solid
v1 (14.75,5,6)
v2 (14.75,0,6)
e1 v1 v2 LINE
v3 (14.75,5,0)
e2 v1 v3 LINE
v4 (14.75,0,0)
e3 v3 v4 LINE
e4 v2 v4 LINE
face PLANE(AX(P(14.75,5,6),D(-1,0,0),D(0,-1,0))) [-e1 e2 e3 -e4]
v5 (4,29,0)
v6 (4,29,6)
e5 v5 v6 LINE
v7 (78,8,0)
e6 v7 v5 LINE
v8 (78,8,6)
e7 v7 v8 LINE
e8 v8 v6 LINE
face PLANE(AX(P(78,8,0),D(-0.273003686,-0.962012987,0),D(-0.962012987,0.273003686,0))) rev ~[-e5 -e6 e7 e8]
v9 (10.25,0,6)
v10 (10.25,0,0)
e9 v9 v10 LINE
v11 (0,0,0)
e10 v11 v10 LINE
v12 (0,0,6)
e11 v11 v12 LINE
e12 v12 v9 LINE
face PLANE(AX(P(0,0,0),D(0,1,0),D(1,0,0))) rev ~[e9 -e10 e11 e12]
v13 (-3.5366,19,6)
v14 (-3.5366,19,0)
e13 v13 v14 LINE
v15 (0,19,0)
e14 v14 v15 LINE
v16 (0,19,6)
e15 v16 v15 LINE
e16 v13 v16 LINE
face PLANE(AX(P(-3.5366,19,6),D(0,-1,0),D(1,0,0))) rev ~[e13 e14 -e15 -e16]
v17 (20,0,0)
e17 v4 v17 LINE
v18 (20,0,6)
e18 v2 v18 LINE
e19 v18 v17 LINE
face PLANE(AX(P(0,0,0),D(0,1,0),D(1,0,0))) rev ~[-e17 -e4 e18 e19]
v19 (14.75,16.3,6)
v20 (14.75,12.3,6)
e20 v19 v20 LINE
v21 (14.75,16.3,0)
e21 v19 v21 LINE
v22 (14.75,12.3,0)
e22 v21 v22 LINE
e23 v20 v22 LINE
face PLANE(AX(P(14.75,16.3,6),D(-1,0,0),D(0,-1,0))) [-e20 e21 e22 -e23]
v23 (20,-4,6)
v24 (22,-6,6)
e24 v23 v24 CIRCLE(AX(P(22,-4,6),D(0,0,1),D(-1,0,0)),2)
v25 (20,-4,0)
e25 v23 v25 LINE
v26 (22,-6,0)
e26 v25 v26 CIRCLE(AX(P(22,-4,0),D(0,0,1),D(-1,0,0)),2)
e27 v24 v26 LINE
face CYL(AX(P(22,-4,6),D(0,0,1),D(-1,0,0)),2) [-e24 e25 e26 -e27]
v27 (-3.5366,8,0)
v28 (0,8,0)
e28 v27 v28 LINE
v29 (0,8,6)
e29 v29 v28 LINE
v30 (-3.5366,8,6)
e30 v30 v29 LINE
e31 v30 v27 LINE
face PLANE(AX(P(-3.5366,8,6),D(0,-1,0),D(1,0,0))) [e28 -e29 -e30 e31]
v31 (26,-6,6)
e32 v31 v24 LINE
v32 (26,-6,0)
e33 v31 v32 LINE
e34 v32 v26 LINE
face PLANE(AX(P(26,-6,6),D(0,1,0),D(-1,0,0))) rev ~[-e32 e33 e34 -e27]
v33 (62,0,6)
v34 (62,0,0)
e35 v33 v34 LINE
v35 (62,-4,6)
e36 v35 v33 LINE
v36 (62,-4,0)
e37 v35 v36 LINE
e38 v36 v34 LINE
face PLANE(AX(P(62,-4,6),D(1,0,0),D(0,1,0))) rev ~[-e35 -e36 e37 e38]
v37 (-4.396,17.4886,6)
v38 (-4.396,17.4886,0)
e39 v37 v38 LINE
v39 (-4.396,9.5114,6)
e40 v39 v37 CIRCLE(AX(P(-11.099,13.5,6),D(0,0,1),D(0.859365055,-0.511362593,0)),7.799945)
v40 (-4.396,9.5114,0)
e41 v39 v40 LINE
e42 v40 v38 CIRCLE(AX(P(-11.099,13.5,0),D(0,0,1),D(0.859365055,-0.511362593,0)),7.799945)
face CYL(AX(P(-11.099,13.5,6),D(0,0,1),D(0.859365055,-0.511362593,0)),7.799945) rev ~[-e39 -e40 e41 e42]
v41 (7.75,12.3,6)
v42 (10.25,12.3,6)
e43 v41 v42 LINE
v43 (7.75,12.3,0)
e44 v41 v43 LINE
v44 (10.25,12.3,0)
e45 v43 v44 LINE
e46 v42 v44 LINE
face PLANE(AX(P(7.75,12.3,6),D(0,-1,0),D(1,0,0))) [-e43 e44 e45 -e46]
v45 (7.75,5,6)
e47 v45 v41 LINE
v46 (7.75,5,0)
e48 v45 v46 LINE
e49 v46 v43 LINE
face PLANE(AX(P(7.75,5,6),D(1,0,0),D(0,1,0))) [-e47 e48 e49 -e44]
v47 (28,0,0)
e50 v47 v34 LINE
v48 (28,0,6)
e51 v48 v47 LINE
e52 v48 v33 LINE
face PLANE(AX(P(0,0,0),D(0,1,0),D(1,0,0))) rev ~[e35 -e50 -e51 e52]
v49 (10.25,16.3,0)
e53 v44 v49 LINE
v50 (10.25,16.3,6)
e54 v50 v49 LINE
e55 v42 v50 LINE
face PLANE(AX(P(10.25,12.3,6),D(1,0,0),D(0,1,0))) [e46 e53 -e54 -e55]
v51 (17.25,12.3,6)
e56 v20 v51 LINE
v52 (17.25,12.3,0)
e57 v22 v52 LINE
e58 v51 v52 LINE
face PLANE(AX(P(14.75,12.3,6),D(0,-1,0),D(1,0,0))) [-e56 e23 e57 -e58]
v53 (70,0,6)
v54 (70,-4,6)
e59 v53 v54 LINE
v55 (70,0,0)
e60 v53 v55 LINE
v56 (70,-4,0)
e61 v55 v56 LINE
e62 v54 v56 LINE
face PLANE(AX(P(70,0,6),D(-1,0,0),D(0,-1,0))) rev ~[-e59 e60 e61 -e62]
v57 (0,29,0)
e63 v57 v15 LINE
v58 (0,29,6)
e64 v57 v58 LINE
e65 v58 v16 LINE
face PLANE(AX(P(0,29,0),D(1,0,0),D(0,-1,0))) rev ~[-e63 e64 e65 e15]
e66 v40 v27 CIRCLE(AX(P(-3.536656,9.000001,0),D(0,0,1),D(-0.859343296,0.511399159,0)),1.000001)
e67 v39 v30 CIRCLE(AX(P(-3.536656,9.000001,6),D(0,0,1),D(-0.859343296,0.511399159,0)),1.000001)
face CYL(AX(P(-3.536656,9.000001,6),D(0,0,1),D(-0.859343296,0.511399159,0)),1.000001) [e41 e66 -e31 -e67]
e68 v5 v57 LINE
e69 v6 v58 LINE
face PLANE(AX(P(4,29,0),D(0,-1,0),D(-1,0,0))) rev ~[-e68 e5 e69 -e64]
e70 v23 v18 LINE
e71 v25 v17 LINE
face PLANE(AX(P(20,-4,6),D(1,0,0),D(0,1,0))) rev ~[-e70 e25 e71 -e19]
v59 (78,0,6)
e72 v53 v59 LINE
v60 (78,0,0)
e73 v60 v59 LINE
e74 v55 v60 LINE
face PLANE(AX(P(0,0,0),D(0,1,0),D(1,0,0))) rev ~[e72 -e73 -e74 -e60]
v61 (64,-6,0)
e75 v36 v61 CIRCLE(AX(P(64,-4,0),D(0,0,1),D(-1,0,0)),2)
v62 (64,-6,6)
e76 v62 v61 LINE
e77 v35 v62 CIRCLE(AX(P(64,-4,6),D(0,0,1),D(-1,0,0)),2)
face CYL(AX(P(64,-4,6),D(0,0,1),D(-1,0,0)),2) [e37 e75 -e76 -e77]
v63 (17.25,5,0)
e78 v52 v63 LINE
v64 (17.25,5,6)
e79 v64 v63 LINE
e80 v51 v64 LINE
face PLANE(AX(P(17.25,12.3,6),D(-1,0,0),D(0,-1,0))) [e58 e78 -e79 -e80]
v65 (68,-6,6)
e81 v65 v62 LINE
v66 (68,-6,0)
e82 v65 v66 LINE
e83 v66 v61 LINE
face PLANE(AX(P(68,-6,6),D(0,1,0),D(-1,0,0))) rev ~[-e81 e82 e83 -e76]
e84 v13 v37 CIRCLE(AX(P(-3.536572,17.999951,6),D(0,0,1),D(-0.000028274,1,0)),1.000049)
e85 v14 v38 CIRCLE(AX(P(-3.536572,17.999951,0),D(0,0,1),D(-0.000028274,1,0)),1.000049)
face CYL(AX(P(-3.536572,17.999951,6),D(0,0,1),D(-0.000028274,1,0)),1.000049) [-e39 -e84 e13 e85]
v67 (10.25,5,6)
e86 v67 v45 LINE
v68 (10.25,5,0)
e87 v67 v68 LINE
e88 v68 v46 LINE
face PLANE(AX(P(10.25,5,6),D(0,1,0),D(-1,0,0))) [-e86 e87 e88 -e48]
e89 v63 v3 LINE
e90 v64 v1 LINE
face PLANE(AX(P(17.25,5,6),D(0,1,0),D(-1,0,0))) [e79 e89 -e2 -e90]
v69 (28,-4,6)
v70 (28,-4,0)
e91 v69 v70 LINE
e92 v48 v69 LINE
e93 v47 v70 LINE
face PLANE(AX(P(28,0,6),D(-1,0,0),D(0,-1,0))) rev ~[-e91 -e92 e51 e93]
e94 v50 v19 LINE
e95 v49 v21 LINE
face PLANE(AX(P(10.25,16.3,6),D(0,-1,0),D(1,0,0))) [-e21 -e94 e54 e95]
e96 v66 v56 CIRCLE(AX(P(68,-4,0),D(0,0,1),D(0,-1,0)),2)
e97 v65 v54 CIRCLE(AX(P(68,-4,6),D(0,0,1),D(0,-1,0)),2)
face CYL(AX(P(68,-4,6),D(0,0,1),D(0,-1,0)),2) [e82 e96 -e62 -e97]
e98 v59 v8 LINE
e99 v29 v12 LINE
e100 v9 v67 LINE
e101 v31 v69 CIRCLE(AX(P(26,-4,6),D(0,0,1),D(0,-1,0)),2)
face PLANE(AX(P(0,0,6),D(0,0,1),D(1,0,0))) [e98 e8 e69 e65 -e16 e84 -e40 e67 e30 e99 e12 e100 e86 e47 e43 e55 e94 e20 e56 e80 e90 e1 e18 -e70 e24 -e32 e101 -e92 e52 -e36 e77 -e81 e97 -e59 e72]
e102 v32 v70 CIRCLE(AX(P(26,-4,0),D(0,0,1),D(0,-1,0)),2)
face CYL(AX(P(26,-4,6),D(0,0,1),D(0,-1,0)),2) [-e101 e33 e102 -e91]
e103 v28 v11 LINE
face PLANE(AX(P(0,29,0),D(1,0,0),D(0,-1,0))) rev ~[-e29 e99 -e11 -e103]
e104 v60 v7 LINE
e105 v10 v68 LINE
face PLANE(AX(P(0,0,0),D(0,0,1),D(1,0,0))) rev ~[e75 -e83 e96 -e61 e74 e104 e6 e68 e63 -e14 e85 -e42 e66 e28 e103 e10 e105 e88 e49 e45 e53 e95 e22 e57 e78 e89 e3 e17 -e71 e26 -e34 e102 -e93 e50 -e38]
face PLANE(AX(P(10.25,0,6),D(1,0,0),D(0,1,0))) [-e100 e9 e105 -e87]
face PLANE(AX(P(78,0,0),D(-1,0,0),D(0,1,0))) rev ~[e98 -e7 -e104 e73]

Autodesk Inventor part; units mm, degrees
ref_plane "YZ Plane" through (0, 0, 0) normal (1, 0, 0) x (0, 1, 0)
ref_plane "XZ Plane" through (0, 0, 0) normal (0, 1, 0) x (-1, 0, 0)
ref_plane "XY Plane" through (0, 0, 0) normal (0, 0, 1) x (1, 0, 0)
sketch "Sketch1" plane through (0, 0, 0) normal (0, 0, 1) x (1, 0, 0)
  line L0 (0, 29) -> (0, 0)
  line L1 (0, 0) -> (78, 0)
  line L2 (78, 0) -> (78, 8)
  line L3 (78, 8) -> (4, 29)
  line L4 (4, 29) -> (0, 29)
  dimension "d0" = 29
  dimension "d1" = 78
  dimension "d2" = 4
  dimension "d3" = 8
extrude "Extrusion1" add sketch "Sketch1" along normal blind 6
sketch "Sketch2" plane through (0, 0, 6) normal (0, 0, 1) x (1, 0, 0)
  line L0 (0, 29) -> (0, 0) projected
  line L1 (0, 0) -> (78, 0) projected
  line L2 (78, 0) -> (78, 8) projected
  line L3 (4, 29) -> (0, 29) projected
  circle A0 centre (-11.099, 13.5) radius 7.5 construction
  line L4 (-6, 19) -> (-6, 8) construction
  arc A1 (-4.396, 9.5114) -> (-4.396, 17.4886) centre (-11.099, 13.5) ccw
  line L5 (-3.5366, 19) -> (0, 19)
  line L6 (-3.5366, 8) -> (0, 8)
  arc A2 (-3.5366, 19) -> (-4.396, 17.4886) centre (-3.5366, 18) ccw
  arc A3 (-4.396, 9.5114) -> (-3.5366, 8) centre (-3.5366, 9) ccw
  line L7 (20, 0) -> (28, 0)
  line L8 (28, 0) -> (28, -4)
  line L9 (26, -6) -> (22, -6)
  line L10 (20, -4) -> (20, 0)
  line L11 (62, 0) -> (70, 0)
  line L12 (70, 0) -> (70, -4)
  line L13 (68, -6) -> (64, -6)
  line L14 (62, -4) -> (62, 0)
  arc A4 (20, -4) -> (22, -6) centre (22, -4) ccw
  arc A5 (26, -6) -> (28, -4) centre (26, -4) ccw
  arc A6 (62, -4) -> (64, -6) centre (64, -4) ccw
  arc A7 (68, -6) -> (70, -4) centre (68, -4) ccw
  point P0 (-5.5682, 19)
  point P1 (-5.5682, 8)
  dimension "d6" = 15
  dimension "d7" = 11
  dimension "d8" = 6
  dimension "d9" = 11
  dimension "d10" = 7.8
  dimension "d11" = 10
  dimension "d12" = 1
  dimension "d13" = 2
  dimension "d15" = 8
  dimension "d17" = 8
  dimension "d18" = 6
  dimension "d19" = 20
  dimension "d20" = 8
extrude "Extrusion2" add sketch "Sketch2" against normal blind 6
sketch "Sketch3" plane through (0, 0, 6) normal (0, 0, 1) x (1, 0, 0)
  line L0 (0, 0) -> (20, 0) projected
  line L1 (20, 0) -> (20, -4) projected
  line L2 (10.25, 16.3) -> (14.75, 16.3)
  line L3 (14.75, 0) -> (10.25, 0)
  line L4 (17.25, 12.3) -> (17.25, 5)
  line L5 (7.75, 5) -> (7.75, 12.3)
  line L6 (7.75, 12.3) -> (10.25, 12.3)
  line L7 (14.75, 12.3) -> (17.25, 12.3)
  line L8 (17.25, 5) -> (14.75, 5)
  line L9 (10.25, 5) -> (7.75, 5)
  line L10 (10.25, 0) -> (10.25, 5)
  line L11 (10.25, 12.3) -> (10.25, 16.3)
  line L12 (14.75, 16.3) -> (14.75, 12.3)
  line L13 (14.75, 5) -> (14.75, 0)
  point P0 (12.5, 16.3)
  dimension "d23" = 4.5
  dimension "d24" = 2.5
  dimension "d25" = 2.5
  dimension "d26" = 4
  dimension "d27" = 5
  dimension "d28" = 7.3
  dimension "d29" = 7.5
extrude "Extrusion3" cut sketch "Sketch3" against normal through all
properties part number "x_carryage_brace"
